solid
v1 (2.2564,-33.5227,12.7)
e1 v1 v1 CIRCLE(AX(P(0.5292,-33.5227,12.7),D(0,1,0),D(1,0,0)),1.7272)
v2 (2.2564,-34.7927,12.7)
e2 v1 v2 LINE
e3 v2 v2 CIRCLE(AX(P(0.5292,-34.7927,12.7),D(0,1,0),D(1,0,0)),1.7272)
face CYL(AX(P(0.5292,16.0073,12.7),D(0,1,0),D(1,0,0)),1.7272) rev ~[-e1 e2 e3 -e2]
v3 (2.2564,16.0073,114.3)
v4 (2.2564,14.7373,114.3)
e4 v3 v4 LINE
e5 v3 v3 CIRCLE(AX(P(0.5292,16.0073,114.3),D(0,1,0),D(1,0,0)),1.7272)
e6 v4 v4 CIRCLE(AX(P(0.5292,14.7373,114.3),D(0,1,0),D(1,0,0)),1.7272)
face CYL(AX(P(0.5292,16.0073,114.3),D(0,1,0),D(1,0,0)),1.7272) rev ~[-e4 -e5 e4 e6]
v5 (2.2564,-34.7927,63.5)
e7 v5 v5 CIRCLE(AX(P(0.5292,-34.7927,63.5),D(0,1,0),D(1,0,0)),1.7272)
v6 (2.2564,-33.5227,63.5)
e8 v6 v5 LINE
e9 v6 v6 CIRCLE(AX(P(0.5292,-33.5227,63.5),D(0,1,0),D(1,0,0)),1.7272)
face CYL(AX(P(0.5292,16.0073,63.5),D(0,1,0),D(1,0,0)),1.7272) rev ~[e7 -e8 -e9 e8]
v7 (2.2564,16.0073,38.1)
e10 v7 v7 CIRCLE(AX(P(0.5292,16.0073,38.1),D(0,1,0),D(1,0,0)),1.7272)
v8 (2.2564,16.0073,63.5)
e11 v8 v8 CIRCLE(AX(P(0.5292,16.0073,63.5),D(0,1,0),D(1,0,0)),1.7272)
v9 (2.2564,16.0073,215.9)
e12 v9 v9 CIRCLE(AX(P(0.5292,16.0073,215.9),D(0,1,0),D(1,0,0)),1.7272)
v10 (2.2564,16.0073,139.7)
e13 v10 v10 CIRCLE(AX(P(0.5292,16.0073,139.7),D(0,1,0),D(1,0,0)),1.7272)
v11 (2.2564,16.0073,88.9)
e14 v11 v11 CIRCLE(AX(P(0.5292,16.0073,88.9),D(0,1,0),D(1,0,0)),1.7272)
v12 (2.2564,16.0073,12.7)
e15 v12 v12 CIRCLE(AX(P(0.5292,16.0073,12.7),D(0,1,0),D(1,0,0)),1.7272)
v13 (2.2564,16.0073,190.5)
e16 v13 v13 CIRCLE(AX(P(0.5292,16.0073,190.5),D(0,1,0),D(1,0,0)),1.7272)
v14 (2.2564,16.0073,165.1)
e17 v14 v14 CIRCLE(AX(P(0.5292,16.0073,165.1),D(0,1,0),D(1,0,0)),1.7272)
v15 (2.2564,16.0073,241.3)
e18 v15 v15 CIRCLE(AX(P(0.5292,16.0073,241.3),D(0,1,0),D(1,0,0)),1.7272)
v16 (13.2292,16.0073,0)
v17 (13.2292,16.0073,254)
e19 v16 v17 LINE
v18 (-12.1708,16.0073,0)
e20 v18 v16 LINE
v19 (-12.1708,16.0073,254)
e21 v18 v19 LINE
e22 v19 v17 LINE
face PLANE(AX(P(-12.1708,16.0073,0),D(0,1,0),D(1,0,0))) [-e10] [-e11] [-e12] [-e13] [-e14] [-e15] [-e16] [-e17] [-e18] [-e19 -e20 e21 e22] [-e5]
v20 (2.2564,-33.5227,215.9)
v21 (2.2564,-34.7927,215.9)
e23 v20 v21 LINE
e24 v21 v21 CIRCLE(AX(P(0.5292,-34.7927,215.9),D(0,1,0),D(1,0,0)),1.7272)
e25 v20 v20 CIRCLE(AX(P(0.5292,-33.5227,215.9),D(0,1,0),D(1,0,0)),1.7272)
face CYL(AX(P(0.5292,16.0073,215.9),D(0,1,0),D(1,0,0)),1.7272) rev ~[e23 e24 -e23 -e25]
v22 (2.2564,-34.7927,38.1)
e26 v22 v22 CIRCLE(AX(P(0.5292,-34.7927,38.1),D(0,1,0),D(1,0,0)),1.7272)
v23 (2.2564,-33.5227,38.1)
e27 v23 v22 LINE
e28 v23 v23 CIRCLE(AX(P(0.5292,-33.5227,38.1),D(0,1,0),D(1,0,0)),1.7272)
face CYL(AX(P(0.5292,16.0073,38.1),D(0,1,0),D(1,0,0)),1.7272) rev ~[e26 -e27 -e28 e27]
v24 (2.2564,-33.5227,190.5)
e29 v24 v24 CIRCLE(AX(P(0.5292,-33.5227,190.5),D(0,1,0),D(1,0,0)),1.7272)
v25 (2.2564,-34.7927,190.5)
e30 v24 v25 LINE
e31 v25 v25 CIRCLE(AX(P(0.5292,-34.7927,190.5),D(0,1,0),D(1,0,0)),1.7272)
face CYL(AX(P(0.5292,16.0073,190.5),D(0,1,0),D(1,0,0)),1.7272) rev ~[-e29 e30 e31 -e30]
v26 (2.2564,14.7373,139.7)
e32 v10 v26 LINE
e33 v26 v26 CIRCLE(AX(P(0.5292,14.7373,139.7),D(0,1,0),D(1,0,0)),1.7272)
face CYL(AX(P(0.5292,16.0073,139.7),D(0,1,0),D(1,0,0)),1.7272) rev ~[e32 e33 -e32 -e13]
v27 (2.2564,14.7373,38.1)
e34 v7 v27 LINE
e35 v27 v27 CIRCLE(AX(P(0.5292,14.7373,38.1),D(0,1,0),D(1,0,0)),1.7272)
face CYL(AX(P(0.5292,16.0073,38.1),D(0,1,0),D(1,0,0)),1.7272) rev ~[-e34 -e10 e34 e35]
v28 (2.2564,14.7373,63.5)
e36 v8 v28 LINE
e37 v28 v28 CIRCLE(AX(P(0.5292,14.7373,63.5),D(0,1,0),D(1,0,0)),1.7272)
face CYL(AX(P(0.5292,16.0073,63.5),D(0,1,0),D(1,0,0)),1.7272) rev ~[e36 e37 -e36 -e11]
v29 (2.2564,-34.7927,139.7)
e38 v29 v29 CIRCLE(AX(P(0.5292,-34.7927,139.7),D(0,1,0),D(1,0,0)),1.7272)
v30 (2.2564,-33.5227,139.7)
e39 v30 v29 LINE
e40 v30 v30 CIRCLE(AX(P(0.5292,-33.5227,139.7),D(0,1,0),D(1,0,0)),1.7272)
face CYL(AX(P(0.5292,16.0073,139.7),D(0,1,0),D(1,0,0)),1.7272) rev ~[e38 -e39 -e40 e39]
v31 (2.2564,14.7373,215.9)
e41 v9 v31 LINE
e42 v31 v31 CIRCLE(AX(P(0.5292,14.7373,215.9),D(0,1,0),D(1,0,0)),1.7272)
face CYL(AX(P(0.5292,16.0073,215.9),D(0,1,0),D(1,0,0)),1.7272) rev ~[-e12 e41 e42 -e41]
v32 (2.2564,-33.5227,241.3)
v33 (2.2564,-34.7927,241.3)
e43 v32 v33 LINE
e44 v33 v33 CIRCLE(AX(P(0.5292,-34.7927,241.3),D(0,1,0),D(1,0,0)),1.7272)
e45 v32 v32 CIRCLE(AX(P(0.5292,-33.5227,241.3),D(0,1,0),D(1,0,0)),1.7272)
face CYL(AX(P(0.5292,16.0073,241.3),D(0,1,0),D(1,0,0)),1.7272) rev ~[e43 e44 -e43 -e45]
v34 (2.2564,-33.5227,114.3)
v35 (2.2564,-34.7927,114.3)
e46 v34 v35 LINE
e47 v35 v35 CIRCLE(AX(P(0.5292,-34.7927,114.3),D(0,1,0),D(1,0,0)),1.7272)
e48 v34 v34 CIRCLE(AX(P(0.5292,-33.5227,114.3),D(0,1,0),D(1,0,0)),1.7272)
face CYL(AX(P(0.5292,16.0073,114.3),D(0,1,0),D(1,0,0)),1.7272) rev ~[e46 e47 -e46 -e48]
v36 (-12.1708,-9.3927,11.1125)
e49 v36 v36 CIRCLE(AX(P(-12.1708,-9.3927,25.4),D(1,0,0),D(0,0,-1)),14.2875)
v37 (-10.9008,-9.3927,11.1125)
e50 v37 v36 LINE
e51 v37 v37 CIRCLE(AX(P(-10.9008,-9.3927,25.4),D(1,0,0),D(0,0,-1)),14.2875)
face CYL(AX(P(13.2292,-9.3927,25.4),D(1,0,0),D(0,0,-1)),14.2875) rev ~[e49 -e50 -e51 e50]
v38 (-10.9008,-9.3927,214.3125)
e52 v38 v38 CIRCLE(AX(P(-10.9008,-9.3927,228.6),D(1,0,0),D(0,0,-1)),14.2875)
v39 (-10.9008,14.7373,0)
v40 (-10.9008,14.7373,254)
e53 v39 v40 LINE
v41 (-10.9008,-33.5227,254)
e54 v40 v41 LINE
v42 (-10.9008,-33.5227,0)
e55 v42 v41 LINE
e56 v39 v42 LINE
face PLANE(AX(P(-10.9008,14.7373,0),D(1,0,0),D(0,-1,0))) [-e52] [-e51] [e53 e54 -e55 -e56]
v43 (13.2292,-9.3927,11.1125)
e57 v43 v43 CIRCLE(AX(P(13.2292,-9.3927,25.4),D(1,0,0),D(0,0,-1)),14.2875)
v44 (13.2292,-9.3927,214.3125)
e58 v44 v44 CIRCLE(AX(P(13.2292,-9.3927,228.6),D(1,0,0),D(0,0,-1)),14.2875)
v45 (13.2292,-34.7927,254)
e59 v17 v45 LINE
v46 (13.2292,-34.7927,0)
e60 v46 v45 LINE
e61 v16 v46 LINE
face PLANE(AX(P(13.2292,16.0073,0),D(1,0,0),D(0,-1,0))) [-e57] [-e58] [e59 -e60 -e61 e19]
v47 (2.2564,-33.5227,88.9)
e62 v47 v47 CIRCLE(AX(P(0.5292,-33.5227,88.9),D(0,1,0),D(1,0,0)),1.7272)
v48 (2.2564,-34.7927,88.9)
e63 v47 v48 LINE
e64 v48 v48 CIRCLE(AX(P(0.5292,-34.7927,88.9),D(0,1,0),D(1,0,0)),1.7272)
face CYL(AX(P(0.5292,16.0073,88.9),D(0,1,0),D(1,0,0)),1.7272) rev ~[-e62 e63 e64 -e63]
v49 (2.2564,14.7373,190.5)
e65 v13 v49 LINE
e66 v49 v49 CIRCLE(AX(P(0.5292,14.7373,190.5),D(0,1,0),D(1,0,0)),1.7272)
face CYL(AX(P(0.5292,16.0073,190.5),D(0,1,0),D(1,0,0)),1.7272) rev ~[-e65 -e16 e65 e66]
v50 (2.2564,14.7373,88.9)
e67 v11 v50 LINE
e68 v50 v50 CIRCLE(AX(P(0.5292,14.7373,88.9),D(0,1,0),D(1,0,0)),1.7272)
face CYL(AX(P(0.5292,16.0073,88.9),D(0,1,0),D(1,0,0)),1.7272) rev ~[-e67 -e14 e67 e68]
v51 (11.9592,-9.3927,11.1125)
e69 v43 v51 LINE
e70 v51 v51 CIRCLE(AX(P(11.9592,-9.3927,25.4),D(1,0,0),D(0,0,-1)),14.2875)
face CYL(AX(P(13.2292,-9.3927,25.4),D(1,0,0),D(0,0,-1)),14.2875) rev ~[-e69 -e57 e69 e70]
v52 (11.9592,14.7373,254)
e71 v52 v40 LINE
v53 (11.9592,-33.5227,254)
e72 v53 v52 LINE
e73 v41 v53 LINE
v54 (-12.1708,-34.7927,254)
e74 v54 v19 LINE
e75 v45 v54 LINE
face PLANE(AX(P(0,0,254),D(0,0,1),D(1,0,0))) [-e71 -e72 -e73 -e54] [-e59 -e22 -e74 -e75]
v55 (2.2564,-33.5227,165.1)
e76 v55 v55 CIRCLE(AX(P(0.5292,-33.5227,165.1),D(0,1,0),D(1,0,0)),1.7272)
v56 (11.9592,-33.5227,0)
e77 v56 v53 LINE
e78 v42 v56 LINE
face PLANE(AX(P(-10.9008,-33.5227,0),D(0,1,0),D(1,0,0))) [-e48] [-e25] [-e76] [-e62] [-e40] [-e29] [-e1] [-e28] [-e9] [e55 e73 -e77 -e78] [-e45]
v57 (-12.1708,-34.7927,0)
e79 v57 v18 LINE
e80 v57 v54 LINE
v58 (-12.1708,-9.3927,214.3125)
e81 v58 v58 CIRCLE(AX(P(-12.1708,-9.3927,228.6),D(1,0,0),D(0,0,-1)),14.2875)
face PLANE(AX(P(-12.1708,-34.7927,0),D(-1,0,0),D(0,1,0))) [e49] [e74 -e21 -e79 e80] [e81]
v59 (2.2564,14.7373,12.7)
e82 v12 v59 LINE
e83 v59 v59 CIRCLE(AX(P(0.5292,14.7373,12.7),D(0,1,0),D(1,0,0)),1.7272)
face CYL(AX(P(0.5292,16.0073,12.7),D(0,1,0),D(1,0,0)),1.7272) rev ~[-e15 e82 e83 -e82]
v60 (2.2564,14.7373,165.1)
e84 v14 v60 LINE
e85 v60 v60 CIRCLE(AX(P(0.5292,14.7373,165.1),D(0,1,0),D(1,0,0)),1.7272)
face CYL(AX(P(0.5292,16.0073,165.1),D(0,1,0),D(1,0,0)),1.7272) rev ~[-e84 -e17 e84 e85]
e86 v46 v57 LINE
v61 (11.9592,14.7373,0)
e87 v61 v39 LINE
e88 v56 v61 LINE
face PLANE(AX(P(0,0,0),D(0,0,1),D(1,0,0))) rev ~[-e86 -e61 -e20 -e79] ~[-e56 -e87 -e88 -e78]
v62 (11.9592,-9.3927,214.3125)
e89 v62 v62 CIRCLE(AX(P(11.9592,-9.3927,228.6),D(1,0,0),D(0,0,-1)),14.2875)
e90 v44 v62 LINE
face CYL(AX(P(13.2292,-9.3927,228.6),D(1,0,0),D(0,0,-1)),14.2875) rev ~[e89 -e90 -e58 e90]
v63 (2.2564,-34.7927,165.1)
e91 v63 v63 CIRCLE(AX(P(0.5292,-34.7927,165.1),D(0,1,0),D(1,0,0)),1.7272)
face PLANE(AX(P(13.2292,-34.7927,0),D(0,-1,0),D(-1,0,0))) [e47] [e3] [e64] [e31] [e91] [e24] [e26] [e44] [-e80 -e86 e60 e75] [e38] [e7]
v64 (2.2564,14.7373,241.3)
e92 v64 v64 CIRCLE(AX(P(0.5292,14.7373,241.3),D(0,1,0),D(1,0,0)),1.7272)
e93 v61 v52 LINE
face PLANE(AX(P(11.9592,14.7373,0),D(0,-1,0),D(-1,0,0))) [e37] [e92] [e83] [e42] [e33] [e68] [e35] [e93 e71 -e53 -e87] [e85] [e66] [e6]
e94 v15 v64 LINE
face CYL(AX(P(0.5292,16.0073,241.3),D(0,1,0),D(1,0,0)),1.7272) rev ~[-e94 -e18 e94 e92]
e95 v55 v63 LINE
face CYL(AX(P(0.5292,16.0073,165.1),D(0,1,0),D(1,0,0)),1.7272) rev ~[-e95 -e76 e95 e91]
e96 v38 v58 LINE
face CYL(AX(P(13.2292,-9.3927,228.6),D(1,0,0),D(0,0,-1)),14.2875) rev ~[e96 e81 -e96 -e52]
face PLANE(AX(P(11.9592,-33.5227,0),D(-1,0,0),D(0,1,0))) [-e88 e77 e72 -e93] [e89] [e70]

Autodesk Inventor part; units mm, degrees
ref_plane "YZ Plane" through (0, 0, 0) normal (1, 0, 0) x (0, 1, 0)
ref_plane "XZ Plane" through (0, 0, 0) normal (0, 1, 0) x (-1, 0, 0)
ref_plane "XY Plane" through (0, 0, 0) normal (0, 0, 1) x (1, 0, 0)
sketch "Sketch1" plane through (0, 0, 0) normal (0, 0, 1) x (1, 0, 0)
  line L0 (-12.1708, 16.0073) -> (13.2292, 16.0073)
  line L1 (13.2292, 16.0073) -> (13.2292, -34.7927)
  line L2 (13.2292, -34.7927) -> (-12.1708, -34.7927)
  line L3 (-12.1708, -34.7927) -> (-12.1708, 16.0073)
  line L4 (11.9592, 14.7373) -> (-10.9008, 14.7373)
  line L5 (-10.9008, 14.7373) -> (-10.9008, -33.5227)
  line L6 (-10.9008, -33.5227) -> (11.9592, -33.5227)
  line L7 (11.9592, -33.5227) -> (11.9592, 14.7373)
  point P0 (0, 0)
  dimension "d0" = 25.4
  dimension "d1" = 50.8
  dimension "d2" = 1.27
extrude "Extrusion1" add sketch "Sketch1" along normal blind 254
sketch "Sketch2" plane through (-12.1708, 16.0073, 0) normal (0, 1, 0) x (1, 0, 0)
  circle A0 centre (12.7, -12.7) radius 1.7272
  line L0 (25.4, 0) -> (0, 0) projected
  line L1 (0, 0) -> (0, -254) projected
  point P0 (12.1708, 0)
  dimension "d5" = 3.4544
  dimension "d6" = 12.7
  dimension "d7" = 12.7
extrude "Extrusion2" cut sketch "Sketch2" against normal through all
pattern_linear "Rectangular Pattern1" count 10 spacing 25.4 along (0, 0, 1) of "Extrusion2"
sketch "Sketch3" plane through (13.2292, -34.7927, 0) normal (1, 0, 0) x (0, 0, -1)
  circle A0 centre (-228.6, 25.4) radius 14.2875
  circle A1 centre (-25.4, 25.4) radius 14.2875
  line L0 (-228.6, 25.4) -> (-25.4, 25.4) construction
  line L1 (-254, 0) -> (-254, 50.8) projected
  line L2 (0, 0) -> (-254, 0) projected
  point P0 (0, 34.7927)
  dimension "d15" = 203.2
  dimension "d16" = 25.4
  dimension "d17" = 25.4
  dimension "d18" = 28.575
extrude "Extrusion3" cut sketch "Sketch3" against normal through all
equation "\"d3\" = d13"
equation "\"d13\" = 254"
properties part number "VerseFrame 10in KY"
